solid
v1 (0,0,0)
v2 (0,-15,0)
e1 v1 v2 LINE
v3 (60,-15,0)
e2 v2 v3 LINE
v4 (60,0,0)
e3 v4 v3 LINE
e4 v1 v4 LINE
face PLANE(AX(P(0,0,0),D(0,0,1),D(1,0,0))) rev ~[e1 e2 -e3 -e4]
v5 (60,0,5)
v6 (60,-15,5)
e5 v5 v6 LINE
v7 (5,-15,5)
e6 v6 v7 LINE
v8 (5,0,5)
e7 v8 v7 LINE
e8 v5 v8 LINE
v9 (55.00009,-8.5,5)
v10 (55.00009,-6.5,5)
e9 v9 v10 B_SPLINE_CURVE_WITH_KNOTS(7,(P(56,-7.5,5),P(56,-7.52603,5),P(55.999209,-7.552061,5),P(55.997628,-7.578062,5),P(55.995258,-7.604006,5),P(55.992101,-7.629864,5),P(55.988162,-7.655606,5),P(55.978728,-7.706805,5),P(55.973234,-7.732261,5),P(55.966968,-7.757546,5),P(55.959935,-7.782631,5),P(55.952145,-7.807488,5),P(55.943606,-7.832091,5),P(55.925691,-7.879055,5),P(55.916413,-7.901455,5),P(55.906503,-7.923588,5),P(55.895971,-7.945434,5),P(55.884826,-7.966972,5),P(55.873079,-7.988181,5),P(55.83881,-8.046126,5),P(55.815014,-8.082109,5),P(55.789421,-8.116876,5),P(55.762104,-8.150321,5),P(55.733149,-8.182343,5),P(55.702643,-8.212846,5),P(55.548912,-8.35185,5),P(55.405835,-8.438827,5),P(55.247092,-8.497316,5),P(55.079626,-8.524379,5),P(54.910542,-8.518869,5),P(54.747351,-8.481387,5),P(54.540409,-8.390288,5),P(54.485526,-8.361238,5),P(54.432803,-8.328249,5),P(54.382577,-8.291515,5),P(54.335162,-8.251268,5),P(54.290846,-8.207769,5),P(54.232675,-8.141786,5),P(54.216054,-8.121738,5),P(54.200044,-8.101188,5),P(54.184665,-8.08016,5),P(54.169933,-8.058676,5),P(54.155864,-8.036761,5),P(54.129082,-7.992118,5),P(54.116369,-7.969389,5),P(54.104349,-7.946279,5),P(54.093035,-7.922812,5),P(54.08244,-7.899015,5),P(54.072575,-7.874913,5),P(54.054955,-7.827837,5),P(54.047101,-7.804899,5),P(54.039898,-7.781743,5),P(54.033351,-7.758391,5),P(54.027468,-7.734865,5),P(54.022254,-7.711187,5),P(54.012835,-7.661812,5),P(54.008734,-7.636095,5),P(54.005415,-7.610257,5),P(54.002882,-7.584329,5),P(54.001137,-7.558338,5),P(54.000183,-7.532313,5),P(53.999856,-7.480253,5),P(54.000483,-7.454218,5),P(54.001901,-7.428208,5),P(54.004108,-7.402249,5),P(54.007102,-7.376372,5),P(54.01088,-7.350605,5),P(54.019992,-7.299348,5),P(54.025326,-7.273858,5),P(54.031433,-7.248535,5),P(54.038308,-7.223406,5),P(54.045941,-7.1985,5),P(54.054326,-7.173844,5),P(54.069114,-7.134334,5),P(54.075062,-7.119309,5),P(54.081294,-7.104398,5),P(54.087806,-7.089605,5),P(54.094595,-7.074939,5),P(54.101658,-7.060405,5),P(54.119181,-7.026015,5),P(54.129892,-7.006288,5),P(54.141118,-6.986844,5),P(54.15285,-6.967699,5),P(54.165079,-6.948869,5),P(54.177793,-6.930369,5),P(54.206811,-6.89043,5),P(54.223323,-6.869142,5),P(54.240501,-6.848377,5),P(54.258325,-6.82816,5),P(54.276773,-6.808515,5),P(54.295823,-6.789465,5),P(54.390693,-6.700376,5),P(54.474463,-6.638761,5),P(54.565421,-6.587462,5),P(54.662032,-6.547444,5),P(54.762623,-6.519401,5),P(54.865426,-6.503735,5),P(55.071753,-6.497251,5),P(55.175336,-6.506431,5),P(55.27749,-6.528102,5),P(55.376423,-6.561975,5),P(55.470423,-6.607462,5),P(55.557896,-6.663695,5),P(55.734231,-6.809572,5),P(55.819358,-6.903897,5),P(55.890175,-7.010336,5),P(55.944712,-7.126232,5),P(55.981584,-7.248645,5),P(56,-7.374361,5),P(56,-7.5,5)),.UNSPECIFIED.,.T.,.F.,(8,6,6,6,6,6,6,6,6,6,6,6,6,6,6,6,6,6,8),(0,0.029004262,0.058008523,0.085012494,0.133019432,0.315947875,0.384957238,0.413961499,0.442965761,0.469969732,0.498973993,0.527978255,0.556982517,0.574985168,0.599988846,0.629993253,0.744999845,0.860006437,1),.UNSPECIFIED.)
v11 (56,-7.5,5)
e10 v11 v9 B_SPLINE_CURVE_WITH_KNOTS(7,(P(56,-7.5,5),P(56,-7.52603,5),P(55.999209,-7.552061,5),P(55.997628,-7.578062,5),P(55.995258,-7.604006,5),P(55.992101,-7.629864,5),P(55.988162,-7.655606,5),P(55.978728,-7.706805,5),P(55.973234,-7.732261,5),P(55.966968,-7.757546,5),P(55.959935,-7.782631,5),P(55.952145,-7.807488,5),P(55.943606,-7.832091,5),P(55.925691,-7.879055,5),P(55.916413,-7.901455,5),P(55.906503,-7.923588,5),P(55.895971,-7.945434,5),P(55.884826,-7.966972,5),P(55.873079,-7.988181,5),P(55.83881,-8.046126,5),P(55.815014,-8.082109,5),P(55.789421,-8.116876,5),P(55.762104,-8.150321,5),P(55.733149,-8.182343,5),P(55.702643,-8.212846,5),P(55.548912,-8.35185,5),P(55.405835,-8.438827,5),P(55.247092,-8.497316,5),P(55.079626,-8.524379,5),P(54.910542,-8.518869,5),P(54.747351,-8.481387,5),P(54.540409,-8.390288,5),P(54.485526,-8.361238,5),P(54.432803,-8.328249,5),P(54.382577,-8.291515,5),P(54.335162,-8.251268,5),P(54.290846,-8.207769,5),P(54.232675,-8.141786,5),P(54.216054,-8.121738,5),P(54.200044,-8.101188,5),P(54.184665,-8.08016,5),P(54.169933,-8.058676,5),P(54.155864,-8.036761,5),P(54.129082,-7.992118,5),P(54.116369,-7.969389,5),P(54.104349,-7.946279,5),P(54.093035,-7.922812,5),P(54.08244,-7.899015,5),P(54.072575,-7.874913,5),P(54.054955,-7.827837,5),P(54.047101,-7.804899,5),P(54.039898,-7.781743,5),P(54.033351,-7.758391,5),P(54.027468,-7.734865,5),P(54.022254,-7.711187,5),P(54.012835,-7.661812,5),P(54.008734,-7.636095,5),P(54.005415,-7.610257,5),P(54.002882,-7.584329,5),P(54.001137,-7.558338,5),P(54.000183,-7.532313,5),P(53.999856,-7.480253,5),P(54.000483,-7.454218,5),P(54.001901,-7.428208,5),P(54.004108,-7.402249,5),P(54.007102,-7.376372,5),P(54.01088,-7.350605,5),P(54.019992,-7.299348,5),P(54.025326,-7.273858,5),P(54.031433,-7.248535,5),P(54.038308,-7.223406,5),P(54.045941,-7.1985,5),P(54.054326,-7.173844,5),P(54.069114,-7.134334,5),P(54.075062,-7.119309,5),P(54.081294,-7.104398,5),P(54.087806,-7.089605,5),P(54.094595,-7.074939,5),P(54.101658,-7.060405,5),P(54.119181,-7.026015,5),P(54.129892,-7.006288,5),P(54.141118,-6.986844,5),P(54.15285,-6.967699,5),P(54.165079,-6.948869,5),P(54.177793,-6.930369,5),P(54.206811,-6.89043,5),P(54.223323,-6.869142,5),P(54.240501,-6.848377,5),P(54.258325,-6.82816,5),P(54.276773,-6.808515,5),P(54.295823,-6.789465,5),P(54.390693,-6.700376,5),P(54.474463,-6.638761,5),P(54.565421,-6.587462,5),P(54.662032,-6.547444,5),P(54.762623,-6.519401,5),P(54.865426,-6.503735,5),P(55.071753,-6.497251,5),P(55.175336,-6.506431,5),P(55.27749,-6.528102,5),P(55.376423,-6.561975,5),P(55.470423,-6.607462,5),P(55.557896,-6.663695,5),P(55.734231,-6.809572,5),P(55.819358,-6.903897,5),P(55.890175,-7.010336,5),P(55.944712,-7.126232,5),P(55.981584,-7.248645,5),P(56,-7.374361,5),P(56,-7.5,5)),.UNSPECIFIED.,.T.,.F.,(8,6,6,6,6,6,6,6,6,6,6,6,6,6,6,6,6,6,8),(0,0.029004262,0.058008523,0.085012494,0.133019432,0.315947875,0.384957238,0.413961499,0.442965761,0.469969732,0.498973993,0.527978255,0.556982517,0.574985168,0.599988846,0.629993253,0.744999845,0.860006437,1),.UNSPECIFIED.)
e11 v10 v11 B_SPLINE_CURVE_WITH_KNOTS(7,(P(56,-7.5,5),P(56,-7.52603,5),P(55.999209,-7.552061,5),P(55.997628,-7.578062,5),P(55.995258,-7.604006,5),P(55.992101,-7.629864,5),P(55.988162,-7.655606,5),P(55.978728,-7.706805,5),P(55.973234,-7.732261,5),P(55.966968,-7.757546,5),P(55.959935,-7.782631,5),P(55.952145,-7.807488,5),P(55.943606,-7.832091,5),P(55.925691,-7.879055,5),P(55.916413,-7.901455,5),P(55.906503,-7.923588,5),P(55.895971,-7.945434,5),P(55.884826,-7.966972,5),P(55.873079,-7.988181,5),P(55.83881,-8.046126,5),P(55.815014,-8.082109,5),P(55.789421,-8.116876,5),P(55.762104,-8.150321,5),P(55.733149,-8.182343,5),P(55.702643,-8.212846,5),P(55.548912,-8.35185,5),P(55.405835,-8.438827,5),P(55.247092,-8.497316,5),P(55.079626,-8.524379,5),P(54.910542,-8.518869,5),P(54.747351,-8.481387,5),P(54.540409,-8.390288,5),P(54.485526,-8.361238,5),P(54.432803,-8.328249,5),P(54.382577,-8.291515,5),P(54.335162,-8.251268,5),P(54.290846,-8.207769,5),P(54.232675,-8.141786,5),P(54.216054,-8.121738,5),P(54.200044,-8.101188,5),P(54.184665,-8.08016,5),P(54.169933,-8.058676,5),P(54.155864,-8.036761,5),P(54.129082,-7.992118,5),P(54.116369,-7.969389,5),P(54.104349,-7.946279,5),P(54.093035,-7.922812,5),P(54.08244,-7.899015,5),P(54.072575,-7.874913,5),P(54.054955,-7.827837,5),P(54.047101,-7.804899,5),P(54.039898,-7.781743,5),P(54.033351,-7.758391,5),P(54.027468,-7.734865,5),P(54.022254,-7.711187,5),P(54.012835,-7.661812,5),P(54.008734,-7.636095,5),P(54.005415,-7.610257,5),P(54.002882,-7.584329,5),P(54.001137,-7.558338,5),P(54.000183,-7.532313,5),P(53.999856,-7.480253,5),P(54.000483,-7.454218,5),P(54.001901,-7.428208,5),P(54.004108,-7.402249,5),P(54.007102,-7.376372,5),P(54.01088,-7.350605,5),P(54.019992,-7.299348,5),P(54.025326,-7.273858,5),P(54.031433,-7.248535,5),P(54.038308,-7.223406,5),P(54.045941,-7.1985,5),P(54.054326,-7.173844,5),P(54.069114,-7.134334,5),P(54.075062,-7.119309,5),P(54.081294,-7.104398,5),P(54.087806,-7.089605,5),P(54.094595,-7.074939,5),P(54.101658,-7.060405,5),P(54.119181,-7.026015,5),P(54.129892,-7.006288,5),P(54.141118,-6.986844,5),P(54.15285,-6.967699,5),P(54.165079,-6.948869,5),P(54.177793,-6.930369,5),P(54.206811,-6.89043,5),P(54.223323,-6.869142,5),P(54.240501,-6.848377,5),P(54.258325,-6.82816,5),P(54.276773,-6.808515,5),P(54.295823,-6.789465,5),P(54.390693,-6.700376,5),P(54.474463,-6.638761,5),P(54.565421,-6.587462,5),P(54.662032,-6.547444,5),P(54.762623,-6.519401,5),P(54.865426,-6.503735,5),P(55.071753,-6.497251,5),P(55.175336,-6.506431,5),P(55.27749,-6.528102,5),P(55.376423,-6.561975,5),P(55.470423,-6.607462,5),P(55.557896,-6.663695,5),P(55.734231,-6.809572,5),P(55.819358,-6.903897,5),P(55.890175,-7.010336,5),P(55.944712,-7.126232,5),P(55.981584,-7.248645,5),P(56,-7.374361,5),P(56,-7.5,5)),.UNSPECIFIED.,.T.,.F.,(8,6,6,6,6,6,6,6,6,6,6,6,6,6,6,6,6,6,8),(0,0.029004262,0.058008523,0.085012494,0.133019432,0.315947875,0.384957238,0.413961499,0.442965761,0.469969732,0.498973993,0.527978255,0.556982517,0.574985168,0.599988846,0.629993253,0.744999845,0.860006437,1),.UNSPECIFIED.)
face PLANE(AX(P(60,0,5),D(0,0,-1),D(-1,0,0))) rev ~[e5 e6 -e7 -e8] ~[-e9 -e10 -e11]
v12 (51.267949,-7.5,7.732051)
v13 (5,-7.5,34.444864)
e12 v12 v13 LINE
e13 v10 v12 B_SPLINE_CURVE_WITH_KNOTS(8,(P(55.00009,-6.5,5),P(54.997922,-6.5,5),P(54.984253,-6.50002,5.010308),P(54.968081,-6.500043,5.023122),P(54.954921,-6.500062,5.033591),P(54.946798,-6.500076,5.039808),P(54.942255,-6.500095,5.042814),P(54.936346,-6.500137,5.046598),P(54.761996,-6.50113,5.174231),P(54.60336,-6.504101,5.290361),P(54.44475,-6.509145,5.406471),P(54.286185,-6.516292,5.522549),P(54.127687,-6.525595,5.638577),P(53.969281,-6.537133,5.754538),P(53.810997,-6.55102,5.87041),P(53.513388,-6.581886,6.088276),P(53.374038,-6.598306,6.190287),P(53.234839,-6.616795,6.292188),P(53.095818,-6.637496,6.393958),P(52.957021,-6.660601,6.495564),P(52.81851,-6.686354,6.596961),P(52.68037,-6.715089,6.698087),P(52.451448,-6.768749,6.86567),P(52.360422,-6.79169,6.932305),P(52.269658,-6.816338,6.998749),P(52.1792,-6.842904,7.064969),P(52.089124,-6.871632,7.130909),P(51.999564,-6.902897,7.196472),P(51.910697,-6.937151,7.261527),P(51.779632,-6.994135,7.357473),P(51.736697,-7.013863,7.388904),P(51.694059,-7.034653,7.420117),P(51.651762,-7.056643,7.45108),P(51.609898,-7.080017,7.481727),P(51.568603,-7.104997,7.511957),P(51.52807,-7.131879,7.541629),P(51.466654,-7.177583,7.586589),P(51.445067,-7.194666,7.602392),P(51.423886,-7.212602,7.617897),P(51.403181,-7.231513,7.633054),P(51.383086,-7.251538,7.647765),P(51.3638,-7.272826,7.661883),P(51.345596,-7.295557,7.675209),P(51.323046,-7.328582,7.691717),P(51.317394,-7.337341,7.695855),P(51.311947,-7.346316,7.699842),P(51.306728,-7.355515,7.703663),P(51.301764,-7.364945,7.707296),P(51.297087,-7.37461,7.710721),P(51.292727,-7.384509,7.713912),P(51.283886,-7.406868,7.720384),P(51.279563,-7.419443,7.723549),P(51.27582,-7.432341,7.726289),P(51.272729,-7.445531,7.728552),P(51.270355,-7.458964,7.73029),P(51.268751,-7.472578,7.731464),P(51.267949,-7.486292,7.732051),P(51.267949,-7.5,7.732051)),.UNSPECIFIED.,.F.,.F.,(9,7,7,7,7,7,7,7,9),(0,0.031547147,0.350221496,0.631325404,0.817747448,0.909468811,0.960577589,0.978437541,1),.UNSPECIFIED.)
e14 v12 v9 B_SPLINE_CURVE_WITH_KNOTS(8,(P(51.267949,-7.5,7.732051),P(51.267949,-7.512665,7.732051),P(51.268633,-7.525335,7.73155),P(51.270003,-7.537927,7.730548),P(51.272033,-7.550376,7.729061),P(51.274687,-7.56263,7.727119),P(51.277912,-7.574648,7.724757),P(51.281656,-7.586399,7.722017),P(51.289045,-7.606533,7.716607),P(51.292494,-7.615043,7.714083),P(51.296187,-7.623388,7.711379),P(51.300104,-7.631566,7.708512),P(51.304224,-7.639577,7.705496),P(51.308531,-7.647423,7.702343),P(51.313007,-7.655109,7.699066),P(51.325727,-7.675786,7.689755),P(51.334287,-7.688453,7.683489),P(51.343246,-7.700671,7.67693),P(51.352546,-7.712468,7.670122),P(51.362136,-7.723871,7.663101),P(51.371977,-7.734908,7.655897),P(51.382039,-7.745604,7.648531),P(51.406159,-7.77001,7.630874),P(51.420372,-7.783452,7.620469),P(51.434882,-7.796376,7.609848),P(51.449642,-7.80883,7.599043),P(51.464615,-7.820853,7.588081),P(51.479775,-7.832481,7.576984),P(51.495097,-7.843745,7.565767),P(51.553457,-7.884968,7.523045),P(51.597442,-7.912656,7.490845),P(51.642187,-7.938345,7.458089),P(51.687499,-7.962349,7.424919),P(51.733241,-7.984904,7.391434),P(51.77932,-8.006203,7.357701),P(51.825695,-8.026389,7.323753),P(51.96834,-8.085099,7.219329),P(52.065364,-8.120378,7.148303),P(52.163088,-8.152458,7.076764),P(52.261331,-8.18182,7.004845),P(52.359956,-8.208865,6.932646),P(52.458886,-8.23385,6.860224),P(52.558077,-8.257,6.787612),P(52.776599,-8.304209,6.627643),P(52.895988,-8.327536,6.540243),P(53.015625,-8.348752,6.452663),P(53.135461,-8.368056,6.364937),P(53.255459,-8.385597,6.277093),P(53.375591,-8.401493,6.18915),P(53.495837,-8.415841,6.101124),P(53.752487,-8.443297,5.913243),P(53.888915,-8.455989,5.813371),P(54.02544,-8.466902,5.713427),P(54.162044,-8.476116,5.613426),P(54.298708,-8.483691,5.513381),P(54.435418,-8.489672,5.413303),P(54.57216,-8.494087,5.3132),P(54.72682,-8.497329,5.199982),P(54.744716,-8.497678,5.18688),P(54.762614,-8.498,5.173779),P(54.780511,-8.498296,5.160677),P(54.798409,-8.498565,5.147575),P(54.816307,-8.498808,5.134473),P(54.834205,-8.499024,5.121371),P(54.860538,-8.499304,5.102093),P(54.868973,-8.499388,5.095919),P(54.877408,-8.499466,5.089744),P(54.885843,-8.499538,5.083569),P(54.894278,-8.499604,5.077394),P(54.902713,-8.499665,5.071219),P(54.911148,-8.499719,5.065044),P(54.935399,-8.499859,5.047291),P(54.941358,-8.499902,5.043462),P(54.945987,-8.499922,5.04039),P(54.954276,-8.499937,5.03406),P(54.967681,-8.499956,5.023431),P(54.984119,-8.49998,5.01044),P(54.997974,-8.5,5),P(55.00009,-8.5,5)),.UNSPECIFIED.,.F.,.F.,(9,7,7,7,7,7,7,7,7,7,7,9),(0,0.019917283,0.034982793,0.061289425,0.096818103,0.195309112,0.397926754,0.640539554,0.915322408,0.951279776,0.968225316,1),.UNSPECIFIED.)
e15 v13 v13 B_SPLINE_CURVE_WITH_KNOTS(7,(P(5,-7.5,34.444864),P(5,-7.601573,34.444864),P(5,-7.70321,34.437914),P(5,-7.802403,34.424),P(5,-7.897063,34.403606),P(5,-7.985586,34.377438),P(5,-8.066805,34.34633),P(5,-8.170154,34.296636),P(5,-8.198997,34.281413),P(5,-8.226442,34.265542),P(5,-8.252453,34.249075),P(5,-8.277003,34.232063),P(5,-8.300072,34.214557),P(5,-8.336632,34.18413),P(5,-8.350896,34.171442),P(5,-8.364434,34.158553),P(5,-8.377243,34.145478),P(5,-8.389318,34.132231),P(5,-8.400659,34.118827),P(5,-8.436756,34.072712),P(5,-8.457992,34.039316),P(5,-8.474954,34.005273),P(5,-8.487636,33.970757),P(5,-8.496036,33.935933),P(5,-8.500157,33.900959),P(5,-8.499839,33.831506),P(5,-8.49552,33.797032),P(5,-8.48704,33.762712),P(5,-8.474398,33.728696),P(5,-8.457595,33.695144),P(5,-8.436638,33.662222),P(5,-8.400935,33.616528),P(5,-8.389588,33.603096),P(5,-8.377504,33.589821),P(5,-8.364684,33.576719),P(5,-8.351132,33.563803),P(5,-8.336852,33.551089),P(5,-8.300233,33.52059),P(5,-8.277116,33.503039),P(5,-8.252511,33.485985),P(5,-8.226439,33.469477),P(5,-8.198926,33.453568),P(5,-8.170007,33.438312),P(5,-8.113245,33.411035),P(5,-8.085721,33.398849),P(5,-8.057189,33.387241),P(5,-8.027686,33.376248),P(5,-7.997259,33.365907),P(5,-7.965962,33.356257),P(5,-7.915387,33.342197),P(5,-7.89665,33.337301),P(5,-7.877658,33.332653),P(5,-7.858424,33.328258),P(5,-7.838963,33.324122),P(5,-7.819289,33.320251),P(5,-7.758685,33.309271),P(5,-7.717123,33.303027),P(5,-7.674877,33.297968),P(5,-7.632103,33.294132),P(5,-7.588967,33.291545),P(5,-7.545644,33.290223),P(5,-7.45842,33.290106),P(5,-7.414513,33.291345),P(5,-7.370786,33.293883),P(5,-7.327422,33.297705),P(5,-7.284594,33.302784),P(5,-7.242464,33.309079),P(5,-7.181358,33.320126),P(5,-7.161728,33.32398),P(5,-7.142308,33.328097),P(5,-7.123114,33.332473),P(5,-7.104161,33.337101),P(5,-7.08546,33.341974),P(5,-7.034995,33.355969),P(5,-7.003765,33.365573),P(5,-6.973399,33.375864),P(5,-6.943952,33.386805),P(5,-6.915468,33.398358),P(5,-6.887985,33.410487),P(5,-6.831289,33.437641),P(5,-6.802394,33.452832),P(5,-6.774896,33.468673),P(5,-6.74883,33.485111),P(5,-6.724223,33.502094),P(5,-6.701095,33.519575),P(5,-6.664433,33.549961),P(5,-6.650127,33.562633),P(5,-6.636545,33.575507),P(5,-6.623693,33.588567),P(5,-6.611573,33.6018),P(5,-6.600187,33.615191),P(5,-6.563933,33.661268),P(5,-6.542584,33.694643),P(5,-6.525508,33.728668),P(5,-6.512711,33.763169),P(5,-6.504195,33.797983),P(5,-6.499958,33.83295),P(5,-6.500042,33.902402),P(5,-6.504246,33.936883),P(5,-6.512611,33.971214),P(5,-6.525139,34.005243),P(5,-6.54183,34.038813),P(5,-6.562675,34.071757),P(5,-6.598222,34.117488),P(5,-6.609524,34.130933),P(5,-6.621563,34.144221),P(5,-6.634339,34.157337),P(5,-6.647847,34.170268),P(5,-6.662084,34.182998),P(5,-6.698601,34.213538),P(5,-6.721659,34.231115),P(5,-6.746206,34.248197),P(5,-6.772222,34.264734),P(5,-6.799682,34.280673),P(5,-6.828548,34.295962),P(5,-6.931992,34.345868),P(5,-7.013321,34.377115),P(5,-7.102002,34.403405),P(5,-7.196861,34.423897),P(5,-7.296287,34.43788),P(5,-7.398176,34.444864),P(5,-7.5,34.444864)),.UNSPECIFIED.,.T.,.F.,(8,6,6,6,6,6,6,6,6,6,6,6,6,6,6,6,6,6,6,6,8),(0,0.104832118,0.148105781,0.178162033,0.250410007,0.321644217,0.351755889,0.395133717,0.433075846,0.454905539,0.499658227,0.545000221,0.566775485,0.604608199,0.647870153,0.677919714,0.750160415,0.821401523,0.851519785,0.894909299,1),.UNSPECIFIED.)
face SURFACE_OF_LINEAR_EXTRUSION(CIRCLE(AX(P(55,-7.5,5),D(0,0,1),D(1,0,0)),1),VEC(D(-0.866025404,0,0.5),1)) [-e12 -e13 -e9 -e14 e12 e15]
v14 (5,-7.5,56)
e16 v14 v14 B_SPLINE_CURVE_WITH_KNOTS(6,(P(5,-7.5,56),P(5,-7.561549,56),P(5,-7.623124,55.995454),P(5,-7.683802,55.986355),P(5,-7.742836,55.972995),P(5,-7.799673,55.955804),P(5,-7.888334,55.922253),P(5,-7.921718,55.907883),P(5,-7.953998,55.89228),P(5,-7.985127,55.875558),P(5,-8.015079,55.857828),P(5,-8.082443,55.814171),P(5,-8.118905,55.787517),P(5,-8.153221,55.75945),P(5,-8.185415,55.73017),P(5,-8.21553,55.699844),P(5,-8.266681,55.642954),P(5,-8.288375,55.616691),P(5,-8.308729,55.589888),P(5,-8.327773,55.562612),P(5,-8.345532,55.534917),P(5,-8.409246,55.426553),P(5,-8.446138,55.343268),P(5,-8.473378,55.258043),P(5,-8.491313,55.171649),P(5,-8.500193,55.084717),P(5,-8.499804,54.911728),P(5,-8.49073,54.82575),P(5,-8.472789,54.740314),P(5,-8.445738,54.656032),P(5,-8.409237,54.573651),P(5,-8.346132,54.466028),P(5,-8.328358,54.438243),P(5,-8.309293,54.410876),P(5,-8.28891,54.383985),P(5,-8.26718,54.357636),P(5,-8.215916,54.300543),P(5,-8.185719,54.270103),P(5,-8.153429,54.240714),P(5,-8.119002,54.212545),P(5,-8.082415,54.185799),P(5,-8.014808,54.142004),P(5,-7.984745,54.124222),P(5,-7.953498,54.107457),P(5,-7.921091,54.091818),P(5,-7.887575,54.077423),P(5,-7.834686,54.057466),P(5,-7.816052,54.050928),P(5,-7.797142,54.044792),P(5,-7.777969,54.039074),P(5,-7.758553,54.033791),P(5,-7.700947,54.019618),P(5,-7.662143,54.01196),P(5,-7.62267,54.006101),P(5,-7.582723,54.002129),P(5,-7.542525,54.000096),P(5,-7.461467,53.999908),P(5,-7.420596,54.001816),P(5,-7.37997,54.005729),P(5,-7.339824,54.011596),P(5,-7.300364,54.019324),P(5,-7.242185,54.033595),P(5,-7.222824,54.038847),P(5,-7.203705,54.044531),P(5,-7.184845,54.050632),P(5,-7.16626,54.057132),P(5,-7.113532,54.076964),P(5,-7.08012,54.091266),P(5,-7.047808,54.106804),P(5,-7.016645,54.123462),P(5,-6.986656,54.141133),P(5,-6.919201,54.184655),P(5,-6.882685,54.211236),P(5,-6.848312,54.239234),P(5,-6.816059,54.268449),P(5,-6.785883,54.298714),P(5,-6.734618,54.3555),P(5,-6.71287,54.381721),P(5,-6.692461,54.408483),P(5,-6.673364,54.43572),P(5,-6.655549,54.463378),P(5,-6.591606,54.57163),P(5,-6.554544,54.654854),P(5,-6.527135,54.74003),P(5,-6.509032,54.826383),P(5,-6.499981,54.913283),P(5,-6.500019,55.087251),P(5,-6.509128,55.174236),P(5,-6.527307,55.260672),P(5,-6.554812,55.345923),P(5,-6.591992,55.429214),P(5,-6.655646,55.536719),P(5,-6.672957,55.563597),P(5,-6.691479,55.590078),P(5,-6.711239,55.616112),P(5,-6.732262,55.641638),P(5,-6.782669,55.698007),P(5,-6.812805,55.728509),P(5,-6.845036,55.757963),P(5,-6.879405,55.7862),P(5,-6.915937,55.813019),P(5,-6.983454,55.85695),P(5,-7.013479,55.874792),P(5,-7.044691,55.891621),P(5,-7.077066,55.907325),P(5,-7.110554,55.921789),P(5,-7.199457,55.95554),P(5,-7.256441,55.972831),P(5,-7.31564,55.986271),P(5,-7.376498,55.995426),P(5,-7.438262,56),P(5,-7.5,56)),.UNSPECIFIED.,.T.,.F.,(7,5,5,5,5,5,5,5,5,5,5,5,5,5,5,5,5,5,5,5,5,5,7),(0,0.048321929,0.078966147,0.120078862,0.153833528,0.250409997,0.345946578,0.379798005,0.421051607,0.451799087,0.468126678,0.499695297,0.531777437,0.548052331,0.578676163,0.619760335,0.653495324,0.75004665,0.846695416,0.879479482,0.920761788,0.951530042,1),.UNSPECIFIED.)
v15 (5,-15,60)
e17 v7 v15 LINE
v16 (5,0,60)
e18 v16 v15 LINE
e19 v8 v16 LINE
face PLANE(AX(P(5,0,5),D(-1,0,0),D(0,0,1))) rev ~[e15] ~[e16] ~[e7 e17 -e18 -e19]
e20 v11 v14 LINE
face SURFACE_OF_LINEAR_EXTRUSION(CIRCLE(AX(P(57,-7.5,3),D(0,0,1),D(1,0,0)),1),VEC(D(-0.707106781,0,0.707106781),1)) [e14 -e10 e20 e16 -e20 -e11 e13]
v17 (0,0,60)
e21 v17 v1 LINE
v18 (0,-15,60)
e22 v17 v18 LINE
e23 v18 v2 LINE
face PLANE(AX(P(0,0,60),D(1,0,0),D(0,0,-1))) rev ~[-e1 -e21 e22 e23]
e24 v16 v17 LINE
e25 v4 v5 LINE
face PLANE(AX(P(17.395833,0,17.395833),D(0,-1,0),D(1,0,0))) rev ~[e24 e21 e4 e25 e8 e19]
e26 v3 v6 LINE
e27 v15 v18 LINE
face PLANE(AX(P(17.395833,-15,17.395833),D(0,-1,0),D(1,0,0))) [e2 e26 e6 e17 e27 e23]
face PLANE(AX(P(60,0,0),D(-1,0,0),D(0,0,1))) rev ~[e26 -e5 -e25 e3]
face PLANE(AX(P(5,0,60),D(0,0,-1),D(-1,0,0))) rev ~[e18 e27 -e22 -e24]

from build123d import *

# Parameters (mm, degrees)
F1_DEPTH = 15
F2_R     = 1


with BuildPart() as f1:
    # F0 (on Front) → F1 (new body)
    with BuildSketch(Plane.XZ):
        Polygon((0, 5), (0, 0), (5, 0), (60, 0), (60, 5), (5, 5), (5, 60), (0, 60), align=None)
    extrude(amount=F1_DEPTH)

    # F4: sweep along a path in F3
    with BuildLine(Plane.XZ) as f4_path:
        Line((55, 3), (1.966991411, 56.033008589))
    # F2 (on face) → F4 (sweep)
    with BuildSketch(Plane.XY.offset(5)):
        with Locations((55, -7.5)):
            Circle(F2_R)
    sweep(path=f4_path.line)

    # F6: sweep along a path in F5
    with BuildLine(Plane.XZ) as f6_path:
        Line((54.6012308025, 5), (2.6397065754, 35))
    # F2 (on face) → F6 (sweep)
    with BuildSketch(Plane.XY.offset(5)):
        with Locations((55, -7.5)):
            Circle(F2_R)
    sweep(path=f6_path.line)


solid = f1.part
